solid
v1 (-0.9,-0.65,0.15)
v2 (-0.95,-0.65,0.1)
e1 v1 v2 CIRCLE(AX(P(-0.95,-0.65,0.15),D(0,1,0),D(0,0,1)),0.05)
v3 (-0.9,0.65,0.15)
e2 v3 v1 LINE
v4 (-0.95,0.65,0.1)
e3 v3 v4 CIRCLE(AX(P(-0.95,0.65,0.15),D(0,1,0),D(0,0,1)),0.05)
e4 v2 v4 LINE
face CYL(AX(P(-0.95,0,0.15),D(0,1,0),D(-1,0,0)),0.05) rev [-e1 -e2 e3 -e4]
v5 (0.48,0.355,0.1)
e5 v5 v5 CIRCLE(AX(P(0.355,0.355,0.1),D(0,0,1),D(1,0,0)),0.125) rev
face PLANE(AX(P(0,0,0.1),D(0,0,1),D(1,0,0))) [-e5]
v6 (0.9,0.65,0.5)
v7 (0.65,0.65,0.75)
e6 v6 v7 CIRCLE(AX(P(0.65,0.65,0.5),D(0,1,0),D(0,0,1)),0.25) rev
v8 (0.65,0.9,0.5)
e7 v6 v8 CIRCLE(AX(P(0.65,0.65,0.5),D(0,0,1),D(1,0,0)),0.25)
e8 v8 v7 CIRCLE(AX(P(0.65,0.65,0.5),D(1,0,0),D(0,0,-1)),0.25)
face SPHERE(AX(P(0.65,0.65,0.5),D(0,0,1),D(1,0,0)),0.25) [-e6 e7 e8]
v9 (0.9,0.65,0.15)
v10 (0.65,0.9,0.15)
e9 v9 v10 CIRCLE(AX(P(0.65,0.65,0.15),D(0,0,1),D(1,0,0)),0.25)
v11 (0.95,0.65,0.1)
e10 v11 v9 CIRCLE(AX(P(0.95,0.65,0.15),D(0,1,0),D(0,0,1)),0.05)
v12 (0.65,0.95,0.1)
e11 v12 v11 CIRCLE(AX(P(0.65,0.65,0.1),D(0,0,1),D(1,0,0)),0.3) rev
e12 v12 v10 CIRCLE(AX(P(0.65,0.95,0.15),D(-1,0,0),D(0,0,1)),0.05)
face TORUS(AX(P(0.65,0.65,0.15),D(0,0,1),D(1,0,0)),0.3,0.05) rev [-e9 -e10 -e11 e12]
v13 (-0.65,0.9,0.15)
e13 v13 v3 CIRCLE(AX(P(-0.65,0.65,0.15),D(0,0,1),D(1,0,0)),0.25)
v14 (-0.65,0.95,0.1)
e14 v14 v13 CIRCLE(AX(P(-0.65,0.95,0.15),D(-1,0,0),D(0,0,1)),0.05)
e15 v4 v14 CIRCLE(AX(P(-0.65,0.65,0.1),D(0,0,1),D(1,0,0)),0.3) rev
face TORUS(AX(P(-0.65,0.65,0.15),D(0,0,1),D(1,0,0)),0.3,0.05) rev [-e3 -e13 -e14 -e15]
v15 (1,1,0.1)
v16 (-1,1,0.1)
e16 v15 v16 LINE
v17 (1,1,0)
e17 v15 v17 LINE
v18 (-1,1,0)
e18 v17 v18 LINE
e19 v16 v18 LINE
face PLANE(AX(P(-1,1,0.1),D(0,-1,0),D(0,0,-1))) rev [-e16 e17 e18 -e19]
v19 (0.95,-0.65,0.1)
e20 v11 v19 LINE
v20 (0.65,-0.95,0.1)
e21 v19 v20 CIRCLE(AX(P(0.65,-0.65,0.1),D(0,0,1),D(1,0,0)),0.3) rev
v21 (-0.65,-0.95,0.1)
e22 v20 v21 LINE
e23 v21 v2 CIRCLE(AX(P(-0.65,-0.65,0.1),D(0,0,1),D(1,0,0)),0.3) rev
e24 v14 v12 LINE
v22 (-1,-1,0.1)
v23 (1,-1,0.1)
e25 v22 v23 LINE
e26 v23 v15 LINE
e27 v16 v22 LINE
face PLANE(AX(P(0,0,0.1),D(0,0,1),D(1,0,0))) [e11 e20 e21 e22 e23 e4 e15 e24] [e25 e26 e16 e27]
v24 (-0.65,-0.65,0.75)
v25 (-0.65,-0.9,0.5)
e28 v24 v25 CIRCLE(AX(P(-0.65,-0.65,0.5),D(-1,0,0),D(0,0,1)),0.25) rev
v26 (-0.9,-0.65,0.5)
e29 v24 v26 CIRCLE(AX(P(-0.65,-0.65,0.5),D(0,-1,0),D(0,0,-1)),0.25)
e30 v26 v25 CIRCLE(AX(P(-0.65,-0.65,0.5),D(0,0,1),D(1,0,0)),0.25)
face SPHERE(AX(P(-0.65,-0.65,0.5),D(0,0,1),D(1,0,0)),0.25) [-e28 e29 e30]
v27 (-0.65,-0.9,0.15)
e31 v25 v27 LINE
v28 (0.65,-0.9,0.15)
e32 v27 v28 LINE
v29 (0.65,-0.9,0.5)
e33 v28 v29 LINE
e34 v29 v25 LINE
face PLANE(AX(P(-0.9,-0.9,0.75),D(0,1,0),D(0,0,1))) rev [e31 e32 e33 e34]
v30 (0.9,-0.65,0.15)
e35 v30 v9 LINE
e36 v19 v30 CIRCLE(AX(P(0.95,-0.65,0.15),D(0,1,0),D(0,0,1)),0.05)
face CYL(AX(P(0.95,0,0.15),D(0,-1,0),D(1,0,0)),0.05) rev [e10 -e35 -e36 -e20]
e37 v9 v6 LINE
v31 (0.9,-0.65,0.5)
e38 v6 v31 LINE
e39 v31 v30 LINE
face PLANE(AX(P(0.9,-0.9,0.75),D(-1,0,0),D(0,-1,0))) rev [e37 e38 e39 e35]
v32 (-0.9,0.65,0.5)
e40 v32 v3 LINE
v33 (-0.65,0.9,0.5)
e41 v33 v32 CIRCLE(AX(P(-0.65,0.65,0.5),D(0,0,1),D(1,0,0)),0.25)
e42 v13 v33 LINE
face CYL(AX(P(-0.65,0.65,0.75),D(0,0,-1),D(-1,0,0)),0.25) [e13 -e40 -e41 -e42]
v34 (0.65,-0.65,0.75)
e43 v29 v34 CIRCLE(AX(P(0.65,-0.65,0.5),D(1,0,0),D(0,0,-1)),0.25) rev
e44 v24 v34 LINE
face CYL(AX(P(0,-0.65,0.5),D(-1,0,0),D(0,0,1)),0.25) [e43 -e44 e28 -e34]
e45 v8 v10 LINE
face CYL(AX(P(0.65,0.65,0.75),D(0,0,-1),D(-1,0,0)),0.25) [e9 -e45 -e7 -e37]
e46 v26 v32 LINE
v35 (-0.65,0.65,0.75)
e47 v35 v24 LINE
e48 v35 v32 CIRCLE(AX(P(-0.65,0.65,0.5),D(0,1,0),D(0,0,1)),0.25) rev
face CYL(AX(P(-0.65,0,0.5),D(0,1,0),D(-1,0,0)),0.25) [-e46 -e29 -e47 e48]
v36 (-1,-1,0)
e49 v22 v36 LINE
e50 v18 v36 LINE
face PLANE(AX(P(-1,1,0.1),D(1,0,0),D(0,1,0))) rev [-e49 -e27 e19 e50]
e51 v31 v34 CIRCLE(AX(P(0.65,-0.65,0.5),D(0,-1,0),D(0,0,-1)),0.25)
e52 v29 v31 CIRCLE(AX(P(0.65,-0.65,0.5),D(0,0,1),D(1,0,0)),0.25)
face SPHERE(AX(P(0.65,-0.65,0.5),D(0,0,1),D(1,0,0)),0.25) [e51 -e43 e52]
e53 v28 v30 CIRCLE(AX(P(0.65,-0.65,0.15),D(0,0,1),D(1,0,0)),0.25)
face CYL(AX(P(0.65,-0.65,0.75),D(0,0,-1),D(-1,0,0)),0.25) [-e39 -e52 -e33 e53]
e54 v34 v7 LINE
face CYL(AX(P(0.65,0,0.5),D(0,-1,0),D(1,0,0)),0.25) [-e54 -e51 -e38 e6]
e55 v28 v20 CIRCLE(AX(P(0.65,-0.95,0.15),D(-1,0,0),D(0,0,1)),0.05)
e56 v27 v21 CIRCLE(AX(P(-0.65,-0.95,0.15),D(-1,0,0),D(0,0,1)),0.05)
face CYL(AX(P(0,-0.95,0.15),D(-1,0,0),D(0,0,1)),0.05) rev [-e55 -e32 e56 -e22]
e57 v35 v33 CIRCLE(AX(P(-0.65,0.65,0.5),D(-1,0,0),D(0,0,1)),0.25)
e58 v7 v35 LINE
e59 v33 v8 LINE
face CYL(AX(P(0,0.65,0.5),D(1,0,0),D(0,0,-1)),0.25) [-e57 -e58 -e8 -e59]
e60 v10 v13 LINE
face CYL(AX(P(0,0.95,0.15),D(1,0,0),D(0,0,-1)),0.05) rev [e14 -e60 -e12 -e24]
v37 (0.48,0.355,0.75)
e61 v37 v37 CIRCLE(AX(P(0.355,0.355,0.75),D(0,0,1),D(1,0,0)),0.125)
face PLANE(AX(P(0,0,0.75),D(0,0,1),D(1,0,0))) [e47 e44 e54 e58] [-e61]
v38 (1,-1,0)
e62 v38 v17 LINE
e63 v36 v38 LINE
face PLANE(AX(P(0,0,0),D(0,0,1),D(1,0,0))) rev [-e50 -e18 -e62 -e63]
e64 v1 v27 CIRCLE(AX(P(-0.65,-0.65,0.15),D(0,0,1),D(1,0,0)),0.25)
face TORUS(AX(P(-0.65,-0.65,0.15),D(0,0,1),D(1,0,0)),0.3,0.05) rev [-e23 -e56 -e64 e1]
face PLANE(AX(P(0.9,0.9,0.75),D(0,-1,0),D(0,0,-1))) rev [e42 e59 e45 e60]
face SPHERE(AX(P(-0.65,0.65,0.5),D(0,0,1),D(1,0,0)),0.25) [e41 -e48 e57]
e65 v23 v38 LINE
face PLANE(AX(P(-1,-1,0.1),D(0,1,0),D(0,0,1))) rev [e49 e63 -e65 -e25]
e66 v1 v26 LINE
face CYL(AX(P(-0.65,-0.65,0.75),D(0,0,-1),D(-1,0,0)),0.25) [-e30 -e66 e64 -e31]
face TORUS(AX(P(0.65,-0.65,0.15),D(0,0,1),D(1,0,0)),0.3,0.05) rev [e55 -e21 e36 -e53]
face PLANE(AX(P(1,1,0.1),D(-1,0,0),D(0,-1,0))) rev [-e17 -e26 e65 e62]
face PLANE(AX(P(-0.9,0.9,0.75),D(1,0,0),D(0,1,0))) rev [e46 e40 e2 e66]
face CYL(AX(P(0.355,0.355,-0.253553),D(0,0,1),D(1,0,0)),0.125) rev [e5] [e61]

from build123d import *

# Parameters (mm, degrees)
ESQUISSE1_W   = 2
ESQUISSE1_H   = 2
SEMELLE_DEPTH = 0.1
ESQUISSE2_W   = 1.8
ESQUISSE2_H   = 1.8
CORP_DEPTH    = 0.75
ESQUISSE3_R   = 0.125
EVENT_DEPTH   = 0.65
CONGE_TOP_R   = 0.25
CONG_BASE_R   = 0.05


with BuildPart() as part:
    # Esquisse1 → semelle (new body)
    with BuildSketch(Plane.XY):
        Rectangle(ESQUISSE1_W, ESQUISSE1_H)
    extrude(amount=SEMELLE_DEPTH)

    # Esquisse2 → corp (add)
    with BuildSketch(Plane.XY):
        Rectangle(ESQUISSE2_W, ESQUISSE2_H)
    extrude(amount=CORP_DEPTH)

    # Esquisse3 → event (cut)
    with BuildSketch(Plane.XY.offset(0.75)):
        with Locations((0.355, 0.355)):
            Circle(ESQUISSE3_R)
    extrude(amount=-EVENT_DEPTH, mode=Mode.SUBTRACT)

    # conge top
    conge_top_edges = [part.edges().sort_by_distance(p)[0] for p in [
        (-0.9, -0.9, 0.425),
        (0.9, -0.9, 0.425),
        (0.9, 0.9, 0.425),
        (-0.9, 0.9, 0.425),
        (0, -0.9, 0.75),
        (0.9, 0, 0.75),
        (0, 0.9, 0.75),
        (-0.9, 0, 0.75),
    ]]
    fillet(conge_top_edges, radius=CONGE_TOP_R)

    # Congé base
    cong_base_edges = [part.edges().sort_by_distance(p)[0] for p in [
        (0, -0.9, 0.1),
        (0.9, 0, 0.1),
        (0, 0.9, 0.1),
        (-0.9, 0, 0.1),
        (-0.826776695, 0.826776695, 0.1),
        (-0.826776695, -0.826776695, 0.1),
        (0.826776695, 0.826776695, 0.1),
        (0.826776695, -0.826776695, 0.1),
    ]]
    fillet(cong_base_edges, radius=CONG_BASE_R)


solid = part.part
